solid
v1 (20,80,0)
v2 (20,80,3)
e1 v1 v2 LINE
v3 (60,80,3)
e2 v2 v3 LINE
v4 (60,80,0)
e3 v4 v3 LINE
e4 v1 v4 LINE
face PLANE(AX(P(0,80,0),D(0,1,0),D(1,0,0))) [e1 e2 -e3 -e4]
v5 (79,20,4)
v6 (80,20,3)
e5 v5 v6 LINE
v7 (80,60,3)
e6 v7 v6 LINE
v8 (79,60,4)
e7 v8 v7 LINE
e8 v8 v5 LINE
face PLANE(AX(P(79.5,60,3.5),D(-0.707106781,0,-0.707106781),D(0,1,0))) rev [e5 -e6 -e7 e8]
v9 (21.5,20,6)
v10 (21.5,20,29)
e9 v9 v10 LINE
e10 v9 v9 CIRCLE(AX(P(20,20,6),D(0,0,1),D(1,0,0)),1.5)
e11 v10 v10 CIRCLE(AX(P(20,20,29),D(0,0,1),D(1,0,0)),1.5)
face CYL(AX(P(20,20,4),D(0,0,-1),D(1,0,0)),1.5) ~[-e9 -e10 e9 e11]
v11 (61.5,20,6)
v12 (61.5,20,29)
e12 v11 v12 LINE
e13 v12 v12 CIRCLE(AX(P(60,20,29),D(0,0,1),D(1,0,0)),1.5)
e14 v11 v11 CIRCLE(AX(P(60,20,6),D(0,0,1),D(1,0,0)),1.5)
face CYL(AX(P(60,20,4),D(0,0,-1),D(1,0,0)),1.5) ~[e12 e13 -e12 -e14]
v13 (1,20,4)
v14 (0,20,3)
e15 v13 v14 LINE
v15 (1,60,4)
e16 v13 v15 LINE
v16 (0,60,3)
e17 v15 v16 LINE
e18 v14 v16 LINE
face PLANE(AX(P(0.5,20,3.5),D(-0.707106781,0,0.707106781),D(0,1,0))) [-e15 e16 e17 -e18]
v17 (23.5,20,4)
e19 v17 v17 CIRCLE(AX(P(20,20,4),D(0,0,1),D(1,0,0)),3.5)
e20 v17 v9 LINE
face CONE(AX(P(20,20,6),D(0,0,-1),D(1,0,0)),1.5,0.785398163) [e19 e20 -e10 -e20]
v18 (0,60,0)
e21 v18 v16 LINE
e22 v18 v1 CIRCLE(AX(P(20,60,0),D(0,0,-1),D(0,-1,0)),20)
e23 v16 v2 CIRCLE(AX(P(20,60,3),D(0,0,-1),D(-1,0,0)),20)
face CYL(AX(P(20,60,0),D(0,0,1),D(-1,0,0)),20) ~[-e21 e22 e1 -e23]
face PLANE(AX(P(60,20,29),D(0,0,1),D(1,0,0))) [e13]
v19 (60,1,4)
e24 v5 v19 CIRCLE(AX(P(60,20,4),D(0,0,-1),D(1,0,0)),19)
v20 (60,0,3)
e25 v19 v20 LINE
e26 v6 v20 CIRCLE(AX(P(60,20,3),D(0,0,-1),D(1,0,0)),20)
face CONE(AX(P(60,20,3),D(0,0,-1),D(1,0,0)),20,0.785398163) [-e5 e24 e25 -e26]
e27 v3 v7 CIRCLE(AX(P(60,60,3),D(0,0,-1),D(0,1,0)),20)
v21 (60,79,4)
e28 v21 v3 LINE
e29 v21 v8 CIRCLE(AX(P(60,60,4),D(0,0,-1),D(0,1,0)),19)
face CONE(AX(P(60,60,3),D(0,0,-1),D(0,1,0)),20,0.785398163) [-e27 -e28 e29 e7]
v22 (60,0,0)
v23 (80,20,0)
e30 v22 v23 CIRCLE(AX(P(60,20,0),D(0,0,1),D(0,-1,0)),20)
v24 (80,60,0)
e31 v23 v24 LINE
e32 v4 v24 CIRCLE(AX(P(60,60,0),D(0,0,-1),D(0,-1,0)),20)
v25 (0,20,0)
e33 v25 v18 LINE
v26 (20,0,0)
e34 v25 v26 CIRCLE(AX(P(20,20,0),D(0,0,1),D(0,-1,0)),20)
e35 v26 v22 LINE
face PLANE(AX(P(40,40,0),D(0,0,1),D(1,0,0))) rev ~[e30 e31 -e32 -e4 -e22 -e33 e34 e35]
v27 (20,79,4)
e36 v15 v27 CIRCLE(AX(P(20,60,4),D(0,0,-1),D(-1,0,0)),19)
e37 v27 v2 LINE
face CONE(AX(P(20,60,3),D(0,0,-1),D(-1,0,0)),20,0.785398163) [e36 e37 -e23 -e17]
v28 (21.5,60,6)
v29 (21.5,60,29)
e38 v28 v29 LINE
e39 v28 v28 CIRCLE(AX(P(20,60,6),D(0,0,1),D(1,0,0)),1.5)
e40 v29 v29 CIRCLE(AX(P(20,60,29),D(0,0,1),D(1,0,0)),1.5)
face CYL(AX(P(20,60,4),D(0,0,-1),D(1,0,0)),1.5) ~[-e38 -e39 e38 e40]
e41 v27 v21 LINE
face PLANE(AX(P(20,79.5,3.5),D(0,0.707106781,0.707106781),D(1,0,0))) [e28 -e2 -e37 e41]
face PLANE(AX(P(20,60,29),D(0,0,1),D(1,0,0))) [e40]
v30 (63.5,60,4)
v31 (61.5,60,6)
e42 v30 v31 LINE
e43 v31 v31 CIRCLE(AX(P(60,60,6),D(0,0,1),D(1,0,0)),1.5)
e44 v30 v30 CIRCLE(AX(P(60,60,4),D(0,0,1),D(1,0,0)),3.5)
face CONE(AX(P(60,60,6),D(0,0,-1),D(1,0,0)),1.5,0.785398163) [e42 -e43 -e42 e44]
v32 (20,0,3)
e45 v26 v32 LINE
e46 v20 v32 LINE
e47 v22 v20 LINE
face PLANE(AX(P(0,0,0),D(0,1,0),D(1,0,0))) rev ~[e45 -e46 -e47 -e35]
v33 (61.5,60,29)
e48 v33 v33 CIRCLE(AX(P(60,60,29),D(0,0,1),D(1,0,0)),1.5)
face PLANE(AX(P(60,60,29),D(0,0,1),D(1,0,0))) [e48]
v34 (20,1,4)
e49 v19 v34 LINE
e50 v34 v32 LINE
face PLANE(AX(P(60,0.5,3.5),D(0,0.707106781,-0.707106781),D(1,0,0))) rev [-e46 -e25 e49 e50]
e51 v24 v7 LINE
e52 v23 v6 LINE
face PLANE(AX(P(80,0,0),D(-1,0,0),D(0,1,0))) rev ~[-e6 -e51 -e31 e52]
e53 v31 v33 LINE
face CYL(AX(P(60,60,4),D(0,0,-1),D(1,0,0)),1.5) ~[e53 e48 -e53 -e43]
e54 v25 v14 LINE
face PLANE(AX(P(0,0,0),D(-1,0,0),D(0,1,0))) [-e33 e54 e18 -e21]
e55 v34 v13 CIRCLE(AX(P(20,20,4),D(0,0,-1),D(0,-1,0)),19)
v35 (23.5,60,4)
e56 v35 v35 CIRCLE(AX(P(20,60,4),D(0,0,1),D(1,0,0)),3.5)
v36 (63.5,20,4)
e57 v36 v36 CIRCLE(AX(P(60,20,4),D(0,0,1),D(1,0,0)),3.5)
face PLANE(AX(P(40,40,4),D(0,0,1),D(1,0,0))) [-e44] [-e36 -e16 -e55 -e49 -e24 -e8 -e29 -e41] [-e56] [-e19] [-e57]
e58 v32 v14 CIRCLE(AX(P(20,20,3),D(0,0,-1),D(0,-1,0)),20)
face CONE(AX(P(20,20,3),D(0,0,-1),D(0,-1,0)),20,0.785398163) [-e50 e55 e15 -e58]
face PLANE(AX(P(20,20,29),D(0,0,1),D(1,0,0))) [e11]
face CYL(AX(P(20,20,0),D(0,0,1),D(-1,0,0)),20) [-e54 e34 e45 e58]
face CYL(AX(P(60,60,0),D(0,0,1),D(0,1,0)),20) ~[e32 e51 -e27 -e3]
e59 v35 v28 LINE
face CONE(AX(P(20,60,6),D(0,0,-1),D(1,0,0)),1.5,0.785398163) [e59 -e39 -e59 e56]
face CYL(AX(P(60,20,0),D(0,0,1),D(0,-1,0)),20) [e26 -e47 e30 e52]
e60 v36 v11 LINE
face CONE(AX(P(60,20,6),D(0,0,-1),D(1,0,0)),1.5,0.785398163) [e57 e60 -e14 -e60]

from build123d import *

# Parameters (mm, degrees)
SKETCH_W        = 80
SKETCH_H        = 80
PAD_DEPTH       = 4
SKETCH001_R     = 1.5
PAD001_DEPTH    = 25
FILLET_R        = 20
CHAMFER_SIZE    = 2
CHAMFER001_SIZE = 1


with BuildPart() as part:
    # Sketch → Pad (new body)
    with BuildSketch(Plane.XY):
        with Locations((40, 40)):
            Rectangle(SKETCH_W, SKETCH_H)
    extrude(amount=PAD_DEPTH)

    # Sketch001 (on Face6 of Pad) → Pad001 (join)
    with BuildSketch(Plane.XY.offset(4)):
        with Locations((20, 60)):
            Circle(SKETCH001_R)
        with Locations((60, 60)):
            Circle(SKETCH001_R)
        with Locations((20, 20)):
            Circle(SKETCH001_R)
        with Locations((60, 20)):
            Circle(SKETCH001_R)
    extrude(amount=PAD001_DEPTH)

    # Fillet
    fillet_edges = [part.edges().sort_by_distance(p)[0] for p in [
        (80, 0, 2),
        (80, 80, 2),
        (0, 0, 2),
        (0, 80, 2),
    ]]
    fillet(fillet_edges, radius=FILLET_R)

    # Chamfer
    chamfer_edges = [part.edges().sort_by_distance(p)[0] for p in [
        (18.5, 60, 4),
        (18.5, 20, 4),
        (58.5, 20, 4),
        (58.5, 60, 4),
    ]]
    chamfer(chamfer_edges, length=CHAMFER_SIZE)

    # Chamfer001
    chamfer001_edges = [part.edges().sort_by_distance(p)[0] for p in [
        (0, 40, 4),
        (5.857864, 5.857864, 4),
        (40, 0, 4),
        (74.142136, 5.857864, 4),
        (80, 40, 4),
        (74.142136, 74.142136, 4),
        (40, 80, 4),
        (5.857864, 74.142136, 4),
    ]]
    chamfer(chamfer001_edges, length=CHAMFER001_SIZE)


solid = part.part
